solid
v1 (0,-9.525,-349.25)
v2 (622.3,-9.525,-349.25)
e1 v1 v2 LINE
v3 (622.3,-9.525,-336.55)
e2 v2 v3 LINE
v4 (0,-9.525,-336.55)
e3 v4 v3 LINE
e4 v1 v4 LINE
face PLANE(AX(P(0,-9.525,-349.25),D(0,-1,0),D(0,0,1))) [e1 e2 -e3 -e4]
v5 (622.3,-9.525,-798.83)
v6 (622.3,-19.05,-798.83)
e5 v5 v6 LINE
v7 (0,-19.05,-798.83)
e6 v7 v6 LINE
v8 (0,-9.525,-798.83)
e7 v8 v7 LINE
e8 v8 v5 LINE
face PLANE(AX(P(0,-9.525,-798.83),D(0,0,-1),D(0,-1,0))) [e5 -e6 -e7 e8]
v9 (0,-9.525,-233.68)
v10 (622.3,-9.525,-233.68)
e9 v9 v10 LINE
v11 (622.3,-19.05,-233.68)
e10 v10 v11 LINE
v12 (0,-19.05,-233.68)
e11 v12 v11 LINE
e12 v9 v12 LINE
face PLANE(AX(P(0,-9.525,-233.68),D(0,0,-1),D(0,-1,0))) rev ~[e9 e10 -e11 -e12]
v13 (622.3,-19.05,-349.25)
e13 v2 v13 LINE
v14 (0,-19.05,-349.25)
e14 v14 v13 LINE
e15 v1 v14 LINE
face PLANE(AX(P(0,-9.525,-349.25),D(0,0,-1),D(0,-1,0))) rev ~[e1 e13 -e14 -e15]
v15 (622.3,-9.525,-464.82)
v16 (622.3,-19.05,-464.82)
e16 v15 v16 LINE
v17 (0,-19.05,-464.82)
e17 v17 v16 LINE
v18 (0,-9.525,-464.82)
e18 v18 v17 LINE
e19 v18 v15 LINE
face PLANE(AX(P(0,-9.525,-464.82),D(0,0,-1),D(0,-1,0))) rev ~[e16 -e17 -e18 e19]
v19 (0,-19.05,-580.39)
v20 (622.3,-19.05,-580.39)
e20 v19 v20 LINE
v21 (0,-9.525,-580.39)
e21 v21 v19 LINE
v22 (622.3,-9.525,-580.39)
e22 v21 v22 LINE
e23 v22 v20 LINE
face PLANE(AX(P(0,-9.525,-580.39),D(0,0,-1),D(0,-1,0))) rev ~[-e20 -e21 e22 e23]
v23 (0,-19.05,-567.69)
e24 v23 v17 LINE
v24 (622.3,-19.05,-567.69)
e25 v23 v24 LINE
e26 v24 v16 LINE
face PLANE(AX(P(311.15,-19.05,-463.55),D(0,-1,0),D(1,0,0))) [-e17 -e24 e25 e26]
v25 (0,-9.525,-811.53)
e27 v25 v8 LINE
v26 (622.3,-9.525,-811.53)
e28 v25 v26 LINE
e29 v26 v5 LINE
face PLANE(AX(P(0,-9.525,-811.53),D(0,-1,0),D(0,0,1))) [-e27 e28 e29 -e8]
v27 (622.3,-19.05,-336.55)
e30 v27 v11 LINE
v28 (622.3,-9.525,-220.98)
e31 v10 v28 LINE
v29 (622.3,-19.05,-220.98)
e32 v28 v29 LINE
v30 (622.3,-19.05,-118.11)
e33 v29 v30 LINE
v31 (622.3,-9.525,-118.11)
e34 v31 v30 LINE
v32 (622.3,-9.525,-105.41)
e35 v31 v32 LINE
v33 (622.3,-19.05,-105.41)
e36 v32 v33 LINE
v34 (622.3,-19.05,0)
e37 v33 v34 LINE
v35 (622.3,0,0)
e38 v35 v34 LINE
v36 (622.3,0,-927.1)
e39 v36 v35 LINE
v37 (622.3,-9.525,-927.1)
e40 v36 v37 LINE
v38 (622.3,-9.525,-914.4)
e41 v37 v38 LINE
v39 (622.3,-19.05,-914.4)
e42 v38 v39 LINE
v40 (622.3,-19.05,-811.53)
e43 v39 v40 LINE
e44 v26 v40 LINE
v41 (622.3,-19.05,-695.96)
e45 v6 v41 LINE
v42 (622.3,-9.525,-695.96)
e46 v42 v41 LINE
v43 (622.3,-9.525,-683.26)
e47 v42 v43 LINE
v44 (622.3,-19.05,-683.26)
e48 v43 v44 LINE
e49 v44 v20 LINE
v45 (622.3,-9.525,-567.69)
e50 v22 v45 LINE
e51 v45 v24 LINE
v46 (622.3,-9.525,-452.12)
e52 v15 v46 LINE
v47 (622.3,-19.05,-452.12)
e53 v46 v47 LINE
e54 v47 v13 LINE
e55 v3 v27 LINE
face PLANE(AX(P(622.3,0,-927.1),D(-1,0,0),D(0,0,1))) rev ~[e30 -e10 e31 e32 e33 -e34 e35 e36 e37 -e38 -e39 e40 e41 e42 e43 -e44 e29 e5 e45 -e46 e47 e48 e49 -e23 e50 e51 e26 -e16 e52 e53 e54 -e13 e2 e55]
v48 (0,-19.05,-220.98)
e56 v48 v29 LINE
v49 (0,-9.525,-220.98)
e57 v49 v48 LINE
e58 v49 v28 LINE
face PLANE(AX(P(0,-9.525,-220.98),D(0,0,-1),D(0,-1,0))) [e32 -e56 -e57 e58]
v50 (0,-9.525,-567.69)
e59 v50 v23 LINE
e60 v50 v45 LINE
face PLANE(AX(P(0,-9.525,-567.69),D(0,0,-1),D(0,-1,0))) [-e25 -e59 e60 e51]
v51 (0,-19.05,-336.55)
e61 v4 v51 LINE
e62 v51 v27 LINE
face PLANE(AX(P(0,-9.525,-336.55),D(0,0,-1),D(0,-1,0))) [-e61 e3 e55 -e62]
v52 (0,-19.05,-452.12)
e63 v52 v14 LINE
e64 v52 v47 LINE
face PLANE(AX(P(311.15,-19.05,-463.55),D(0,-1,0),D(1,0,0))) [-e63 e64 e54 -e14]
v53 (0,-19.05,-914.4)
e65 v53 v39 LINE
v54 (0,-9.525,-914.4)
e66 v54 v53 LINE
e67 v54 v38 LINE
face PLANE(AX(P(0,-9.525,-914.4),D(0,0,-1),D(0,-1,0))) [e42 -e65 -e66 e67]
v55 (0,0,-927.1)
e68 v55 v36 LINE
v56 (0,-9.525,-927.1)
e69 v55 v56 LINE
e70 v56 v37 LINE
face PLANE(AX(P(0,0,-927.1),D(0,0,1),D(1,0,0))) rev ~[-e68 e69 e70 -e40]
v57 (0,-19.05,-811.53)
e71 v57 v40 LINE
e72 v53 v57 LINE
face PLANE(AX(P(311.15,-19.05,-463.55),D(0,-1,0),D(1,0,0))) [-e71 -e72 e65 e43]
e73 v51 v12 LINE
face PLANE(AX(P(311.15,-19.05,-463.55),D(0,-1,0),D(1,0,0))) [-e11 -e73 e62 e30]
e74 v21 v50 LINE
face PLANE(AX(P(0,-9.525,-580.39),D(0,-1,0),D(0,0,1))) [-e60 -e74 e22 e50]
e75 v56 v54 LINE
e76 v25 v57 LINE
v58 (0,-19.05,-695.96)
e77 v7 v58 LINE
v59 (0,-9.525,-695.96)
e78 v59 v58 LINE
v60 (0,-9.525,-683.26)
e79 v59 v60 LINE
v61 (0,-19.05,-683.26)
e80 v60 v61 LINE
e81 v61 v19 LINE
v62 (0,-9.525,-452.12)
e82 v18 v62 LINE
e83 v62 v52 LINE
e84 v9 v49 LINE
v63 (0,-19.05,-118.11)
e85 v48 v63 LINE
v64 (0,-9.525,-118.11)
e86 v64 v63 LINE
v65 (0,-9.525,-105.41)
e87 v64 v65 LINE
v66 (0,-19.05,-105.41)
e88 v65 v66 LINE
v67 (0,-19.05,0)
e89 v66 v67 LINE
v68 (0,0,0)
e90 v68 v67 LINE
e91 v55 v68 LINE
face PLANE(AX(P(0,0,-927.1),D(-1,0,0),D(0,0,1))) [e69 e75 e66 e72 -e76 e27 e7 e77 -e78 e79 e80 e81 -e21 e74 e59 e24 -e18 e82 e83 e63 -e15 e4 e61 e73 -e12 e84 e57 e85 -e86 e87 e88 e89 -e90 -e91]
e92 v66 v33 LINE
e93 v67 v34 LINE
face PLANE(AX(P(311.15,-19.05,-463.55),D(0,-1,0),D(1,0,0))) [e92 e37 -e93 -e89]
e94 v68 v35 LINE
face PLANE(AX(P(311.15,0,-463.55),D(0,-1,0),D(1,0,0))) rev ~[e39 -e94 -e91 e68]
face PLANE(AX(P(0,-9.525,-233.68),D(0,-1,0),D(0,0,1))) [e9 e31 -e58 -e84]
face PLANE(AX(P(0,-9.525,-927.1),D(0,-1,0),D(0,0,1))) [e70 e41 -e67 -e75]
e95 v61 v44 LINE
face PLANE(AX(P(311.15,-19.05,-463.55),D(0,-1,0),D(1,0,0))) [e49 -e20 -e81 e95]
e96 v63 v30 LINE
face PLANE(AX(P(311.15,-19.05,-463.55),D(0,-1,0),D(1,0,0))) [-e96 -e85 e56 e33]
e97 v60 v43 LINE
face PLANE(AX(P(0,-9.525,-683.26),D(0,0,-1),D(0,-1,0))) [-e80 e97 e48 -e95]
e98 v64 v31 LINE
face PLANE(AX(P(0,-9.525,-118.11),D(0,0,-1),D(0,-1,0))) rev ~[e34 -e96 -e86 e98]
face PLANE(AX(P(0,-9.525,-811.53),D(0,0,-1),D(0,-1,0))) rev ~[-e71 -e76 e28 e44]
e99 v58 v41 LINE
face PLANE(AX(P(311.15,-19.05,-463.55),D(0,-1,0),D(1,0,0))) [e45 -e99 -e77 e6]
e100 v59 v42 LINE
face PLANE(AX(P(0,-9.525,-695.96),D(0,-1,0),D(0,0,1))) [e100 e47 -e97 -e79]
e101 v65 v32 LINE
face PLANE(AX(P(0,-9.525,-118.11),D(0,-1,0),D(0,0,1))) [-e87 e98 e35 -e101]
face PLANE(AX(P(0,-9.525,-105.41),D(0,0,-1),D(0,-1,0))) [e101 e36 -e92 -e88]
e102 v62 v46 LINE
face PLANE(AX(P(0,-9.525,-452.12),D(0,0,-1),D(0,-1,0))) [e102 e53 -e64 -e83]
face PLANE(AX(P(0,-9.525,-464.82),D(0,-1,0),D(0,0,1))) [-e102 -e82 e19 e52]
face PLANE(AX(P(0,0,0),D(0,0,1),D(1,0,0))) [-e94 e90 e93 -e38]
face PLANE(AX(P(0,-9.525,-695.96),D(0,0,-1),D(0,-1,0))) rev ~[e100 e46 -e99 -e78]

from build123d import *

# Parameters (mm, degrees)
F0_W     = 622.3
F0_H     = 927.1
F1_DEPTH = 19.05
F2_W     = 9.525
F2_H     = 12.7
F3_DEPTH = 622.3


with BuildPart() as f1:
    # F0 (on Front) → F1 (new body)
    with BuildSketch(Plane.XZ):
        with Locations((311.15, -463.55)):
            Rectangle(F0_W, F0_H)
    extrude(amount=F1_DEPTH)

    # F2 (on face) → F3 (cut)
    with BuildSketch(Plane(origin=(0, 0, 0), x_dir=(0, -1, 0), z_dir=(-1, 0, 0))):
        with Locations((14.2875, -111.76)):
            Rectangle(F2_W, F2_H)
        with Locations((14.2875, -227.33)):
            Rectangle(F2_W, F2_H)
        with Locations((14.2875, -342.9)):
            Rectangle(F2_W, F2_H)
        with Locations((14.2875, -458.47)):
            Rectangle(F2_W, F2_H)
        with Locations((14.2875, -574.04)):
            Rectangle(F2_W, F2_H)
        with Locations((14.2875, -689.61)):
            Rectangle(F2_W, F2_H)
        with Locations((14.2875, -805.18)):
            Rectangle(F2_W, F2_H)
        with Locations((14.2875, -920.75)):
            Rectangle(F2_W, F2_H)
    extrude(amount=-F3_DEPTH, mode=Mode.SUBTRACT)


solid = f1.part
